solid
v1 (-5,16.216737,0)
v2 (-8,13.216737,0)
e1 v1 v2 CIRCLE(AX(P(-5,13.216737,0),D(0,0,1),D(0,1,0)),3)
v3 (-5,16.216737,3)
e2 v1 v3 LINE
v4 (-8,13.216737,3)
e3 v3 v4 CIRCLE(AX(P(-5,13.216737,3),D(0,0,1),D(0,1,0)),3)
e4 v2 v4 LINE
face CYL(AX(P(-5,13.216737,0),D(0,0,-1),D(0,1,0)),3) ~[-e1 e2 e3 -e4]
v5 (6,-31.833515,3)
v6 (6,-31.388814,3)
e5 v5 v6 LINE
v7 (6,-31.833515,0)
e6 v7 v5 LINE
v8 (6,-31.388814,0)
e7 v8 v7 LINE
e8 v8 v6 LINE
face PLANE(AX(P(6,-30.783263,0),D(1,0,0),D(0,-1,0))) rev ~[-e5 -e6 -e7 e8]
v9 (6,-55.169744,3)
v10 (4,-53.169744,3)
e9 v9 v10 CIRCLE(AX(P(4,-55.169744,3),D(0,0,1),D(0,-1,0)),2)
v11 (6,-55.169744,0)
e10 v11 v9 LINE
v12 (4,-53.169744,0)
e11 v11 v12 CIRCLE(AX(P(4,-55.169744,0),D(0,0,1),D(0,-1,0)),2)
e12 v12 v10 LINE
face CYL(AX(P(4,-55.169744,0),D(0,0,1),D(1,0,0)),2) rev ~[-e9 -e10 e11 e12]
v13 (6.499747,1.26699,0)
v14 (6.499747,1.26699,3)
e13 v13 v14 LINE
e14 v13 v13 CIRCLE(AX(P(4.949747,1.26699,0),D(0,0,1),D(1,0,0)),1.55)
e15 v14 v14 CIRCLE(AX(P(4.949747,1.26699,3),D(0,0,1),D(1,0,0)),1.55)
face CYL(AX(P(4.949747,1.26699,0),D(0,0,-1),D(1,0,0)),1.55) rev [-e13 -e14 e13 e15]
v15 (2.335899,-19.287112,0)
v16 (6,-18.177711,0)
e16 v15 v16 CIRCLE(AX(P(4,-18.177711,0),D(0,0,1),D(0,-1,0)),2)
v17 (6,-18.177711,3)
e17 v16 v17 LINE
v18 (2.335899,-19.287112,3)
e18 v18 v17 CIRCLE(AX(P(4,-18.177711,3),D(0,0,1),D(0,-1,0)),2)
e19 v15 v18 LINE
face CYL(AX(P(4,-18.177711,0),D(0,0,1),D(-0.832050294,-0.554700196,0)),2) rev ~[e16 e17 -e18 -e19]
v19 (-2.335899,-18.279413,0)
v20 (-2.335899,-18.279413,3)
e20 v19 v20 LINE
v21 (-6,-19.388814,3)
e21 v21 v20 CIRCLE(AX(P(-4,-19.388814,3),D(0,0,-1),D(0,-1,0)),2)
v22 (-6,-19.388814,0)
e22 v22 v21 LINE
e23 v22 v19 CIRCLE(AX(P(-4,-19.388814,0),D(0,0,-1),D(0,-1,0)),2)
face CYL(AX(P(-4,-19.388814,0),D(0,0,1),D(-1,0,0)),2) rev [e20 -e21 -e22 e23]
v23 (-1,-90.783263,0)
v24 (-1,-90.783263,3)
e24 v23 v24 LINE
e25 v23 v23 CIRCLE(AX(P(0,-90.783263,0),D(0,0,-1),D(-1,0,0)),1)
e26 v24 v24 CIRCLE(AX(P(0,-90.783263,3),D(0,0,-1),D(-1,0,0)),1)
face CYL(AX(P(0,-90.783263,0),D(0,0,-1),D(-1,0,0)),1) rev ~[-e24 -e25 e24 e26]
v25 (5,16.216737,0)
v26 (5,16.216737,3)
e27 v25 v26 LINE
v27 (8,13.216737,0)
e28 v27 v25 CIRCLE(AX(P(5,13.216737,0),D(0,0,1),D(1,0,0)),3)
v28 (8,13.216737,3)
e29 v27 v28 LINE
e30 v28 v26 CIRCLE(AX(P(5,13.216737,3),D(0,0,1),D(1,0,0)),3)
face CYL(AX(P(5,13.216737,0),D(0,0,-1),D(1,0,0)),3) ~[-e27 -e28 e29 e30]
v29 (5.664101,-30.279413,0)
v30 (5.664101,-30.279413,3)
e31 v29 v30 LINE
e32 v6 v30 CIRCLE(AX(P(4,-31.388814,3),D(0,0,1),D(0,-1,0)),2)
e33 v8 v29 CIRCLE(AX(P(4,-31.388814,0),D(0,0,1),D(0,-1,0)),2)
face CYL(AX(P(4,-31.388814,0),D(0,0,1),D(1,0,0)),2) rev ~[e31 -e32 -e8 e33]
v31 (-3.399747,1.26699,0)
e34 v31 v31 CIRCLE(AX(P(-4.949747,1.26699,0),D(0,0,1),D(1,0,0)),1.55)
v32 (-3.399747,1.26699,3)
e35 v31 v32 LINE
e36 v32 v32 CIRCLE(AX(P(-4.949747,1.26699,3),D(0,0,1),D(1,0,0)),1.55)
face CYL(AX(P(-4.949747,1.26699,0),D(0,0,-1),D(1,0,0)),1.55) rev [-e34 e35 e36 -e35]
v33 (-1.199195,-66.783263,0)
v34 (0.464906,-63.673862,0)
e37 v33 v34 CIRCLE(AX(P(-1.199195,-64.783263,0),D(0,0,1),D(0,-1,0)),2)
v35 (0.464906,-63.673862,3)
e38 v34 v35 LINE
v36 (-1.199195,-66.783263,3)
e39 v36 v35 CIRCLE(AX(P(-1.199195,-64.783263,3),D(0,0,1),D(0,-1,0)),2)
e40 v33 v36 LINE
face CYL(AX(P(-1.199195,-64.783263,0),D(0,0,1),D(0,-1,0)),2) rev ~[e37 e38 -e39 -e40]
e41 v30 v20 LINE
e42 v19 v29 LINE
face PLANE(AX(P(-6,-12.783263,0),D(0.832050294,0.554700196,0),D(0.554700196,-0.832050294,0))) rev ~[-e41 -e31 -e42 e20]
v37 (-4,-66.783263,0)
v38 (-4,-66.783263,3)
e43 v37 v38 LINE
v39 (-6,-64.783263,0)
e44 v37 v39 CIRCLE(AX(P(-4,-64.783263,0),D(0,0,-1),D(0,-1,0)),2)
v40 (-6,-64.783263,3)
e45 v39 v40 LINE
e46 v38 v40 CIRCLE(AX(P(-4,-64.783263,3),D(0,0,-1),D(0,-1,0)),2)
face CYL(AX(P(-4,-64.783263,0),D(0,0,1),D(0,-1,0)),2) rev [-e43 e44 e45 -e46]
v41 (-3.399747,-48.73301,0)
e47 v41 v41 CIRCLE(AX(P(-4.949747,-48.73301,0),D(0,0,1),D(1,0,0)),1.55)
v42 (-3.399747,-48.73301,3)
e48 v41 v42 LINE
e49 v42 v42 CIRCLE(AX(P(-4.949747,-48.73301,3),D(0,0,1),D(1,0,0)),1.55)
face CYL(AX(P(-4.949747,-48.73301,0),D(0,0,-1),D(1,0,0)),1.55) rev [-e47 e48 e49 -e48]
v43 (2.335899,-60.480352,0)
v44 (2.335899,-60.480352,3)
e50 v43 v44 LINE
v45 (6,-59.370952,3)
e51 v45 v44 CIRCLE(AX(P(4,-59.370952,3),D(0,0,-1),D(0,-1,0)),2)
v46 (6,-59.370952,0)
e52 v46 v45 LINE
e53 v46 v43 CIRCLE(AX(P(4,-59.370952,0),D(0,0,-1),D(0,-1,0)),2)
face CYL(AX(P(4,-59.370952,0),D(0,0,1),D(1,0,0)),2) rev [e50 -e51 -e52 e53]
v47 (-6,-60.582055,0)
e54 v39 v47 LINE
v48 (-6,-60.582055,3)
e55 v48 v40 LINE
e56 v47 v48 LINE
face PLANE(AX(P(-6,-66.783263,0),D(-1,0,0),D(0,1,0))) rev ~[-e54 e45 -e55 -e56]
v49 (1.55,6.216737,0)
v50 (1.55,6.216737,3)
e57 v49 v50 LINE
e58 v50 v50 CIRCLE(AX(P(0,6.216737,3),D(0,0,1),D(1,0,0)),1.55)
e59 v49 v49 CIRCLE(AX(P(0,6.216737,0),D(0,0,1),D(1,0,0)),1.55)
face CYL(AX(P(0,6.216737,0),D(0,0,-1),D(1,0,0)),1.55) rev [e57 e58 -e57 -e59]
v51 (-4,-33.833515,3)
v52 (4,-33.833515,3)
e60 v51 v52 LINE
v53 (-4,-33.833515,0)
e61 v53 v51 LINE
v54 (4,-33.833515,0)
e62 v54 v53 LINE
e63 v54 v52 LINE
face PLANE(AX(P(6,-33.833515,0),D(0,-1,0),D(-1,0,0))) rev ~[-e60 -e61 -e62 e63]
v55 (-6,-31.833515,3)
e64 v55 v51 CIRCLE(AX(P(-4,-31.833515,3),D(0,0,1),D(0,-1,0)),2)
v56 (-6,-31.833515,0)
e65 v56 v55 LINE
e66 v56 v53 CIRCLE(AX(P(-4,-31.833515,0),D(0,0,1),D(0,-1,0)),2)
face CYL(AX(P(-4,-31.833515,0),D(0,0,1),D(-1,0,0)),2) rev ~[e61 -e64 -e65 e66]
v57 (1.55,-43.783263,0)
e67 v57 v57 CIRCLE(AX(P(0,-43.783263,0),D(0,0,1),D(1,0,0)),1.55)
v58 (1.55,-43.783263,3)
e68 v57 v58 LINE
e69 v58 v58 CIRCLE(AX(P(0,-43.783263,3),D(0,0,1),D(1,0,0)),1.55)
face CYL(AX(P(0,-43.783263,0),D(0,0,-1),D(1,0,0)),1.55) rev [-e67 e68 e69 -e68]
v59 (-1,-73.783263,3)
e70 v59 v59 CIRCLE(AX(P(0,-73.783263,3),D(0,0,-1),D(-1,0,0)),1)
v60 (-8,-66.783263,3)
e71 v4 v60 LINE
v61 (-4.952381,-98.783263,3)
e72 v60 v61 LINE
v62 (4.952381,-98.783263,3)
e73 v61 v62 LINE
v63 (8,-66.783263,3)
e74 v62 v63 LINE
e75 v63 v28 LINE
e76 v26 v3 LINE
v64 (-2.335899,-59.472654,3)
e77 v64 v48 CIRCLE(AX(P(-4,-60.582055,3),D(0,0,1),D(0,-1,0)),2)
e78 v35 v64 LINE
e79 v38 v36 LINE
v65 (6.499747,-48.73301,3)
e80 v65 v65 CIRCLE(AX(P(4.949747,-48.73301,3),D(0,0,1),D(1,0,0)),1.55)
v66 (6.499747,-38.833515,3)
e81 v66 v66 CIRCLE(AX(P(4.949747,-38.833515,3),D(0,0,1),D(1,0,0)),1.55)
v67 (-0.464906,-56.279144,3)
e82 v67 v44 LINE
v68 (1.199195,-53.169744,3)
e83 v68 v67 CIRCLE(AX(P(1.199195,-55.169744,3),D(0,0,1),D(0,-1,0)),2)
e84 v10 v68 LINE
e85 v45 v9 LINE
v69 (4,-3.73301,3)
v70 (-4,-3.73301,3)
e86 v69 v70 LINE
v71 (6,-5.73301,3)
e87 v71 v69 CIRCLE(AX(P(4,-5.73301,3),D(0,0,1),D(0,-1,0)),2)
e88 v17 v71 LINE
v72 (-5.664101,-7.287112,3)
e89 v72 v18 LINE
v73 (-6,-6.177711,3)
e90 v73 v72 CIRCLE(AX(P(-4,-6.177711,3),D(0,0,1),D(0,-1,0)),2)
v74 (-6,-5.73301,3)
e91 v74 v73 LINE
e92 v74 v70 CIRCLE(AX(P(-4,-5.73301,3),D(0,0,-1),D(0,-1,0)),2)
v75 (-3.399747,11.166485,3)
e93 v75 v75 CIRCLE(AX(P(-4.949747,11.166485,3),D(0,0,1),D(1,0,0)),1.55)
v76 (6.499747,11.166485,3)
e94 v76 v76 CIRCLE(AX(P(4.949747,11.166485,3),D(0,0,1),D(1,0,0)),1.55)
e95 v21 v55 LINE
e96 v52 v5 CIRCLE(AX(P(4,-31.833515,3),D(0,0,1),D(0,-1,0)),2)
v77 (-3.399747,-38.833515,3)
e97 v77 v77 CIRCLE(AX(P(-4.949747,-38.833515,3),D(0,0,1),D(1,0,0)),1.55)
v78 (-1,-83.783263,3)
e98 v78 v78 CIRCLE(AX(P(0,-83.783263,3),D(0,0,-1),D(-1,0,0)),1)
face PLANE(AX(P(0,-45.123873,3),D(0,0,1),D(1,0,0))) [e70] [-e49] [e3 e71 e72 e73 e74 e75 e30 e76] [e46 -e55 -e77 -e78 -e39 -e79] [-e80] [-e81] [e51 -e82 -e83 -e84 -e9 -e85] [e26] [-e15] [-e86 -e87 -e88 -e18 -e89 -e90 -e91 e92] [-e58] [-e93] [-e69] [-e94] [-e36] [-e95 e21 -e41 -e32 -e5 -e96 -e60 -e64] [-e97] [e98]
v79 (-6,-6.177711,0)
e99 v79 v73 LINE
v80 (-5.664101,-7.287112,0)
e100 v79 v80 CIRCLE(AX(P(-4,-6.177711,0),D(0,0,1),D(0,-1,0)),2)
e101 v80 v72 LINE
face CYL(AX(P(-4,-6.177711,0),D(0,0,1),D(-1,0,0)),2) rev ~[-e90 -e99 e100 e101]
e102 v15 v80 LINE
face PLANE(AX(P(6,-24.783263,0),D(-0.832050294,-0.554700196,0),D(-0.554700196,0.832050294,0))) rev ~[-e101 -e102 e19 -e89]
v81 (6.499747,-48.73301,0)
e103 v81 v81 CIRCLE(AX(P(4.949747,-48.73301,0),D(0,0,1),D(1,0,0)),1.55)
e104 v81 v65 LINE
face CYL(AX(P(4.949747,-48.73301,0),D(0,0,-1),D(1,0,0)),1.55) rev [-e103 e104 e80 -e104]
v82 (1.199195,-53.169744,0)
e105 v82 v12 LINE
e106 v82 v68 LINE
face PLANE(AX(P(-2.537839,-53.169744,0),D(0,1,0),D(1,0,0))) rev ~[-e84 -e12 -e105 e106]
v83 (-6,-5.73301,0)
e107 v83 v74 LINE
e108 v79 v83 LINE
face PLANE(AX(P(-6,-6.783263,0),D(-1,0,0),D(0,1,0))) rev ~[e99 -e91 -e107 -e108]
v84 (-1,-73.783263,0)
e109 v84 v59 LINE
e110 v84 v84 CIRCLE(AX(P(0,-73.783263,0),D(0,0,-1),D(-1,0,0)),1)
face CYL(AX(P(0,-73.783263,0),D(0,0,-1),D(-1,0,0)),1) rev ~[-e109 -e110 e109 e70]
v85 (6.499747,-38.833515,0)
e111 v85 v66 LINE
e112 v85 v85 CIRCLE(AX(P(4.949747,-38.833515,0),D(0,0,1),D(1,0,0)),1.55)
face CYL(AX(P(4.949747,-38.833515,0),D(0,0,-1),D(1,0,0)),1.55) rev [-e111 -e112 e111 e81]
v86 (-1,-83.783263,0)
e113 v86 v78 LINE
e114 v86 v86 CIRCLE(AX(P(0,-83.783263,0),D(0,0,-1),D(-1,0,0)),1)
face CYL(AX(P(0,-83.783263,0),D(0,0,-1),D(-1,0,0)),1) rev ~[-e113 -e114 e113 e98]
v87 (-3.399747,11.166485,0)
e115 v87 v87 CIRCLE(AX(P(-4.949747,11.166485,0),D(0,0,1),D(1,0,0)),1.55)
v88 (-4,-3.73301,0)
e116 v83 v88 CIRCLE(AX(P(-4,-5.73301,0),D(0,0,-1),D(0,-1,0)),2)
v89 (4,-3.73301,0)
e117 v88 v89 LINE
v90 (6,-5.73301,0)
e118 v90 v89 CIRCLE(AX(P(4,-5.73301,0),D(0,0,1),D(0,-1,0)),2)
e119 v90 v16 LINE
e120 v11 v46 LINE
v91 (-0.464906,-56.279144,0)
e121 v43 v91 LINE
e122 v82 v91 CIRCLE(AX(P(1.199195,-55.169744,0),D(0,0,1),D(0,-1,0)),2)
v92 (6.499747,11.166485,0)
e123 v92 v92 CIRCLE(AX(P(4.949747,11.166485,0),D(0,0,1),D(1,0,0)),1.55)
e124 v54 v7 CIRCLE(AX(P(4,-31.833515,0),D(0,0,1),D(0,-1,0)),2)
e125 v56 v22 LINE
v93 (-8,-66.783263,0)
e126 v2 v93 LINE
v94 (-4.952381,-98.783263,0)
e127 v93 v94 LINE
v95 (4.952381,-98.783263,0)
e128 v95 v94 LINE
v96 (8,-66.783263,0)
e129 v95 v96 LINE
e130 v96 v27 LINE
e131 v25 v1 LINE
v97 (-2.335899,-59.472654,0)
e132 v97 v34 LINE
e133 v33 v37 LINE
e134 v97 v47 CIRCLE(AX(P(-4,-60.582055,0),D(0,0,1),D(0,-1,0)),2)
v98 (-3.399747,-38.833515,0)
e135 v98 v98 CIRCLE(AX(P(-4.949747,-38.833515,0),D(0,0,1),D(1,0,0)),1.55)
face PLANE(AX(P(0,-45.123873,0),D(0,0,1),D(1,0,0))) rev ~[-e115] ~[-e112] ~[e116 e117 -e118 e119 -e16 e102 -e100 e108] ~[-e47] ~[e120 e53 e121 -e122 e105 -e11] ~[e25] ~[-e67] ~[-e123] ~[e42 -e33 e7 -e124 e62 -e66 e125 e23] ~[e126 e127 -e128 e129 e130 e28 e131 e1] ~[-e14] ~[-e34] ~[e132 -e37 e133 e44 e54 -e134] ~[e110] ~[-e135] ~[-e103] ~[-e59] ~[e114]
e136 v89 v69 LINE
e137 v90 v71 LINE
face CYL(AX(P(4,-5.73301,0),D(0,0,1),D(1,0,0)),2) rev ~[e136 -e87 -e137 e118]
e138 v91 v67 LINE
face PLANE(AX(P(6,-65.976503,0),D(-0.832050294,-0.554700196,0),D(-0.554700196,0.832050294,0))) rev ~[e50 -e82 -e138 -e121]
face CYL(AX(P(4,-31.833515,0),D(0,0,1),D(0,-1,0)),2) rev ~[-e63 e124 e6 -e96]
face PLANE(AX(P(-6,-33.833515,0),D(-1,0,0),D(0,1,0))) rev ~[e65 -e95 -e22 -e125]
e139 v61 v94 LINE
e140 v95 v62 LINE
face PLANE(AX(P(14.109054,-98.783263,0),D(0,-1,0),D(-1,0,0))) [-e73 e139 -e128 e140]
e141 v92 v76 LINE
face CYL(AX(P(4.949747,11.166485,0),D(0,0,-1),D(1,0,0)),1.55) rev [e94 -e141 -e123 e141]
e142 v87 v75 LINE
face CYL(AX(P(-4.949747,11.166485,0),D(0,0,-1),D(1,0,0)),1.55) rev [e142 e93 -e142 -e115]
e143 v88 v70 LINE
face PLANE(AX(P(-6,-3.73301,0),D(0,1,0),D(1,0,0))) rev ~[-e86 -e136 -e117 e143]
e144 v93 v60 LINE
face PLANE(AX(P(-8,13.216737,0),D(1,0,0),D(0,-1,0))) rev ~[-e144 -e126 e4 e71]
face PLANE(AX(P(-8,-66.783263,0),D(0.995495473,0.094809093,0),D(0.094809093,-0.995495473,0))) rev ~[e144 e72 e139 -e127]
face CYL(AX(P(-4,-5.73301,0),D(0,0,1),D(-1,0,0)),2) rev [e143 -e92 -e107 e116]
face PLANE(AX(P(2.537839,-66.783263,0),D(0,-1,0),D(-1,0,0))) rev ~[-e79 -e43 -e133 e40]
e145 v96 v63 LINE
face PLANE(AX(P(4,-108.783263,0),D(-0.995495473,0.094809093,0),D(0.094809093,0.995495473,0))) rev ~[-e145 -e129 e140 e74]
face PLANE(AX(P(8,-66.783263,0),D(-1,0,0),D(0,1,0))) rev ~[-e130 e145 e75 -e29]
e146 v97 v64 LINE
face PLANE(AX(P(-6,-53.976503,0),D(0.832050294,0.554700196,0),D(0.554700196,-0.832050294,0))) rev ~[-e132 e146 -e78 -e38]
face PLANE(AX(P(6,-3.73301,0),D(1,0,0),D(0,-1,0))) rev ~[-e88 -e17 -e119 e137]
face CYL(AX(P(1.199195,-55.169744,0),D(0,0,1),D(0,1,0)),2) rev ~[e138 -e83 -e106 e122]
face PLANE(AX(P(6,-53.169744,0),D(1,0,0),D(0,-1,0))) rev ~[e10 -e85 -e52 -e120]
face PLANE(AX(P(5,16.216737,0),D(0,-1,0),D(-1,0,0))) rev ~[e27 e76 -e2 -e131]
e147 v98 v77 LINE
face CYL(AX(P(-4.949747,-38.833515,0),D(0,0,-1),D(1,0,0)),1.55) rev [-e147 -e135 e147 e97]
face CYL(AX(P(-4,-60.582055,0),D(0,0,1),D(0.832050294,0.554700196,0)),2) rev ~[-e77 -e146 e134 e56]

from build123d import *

# Parameters (mm, degrees)
SKETCH_1_R          = 1.55
EXTRUDE_1_DEPTH     = 3
SKETCH_2_W          = 30.67898901
SKETCH_2_H          = 20.291672983
CUT_EXTRUDE_1_DEPTH = 10
SKETCH_3_R          = 1
CUT_EXTRUDE_2_DEPTH = 20
CUT_EXTRUDE_3_DEPTH = 100.15206986
FILLET_1_R          = 2


with BuildPart() as part:
    # 草图1 → 凸台-拉伸1 (new body)
    with BuildSketch(Plane.XY):
        with BuildLine():
            Line((5, 16.216737463), (-5, 16.216737463))
            ThreePointArc((-5, 16.216737463), (-7.121320344, 15.338057806), (-8, 13.216737463))
            Line((-8, 13.216737463), (-8, -66.783262537))
            Line((-8, -66.783262537), (-4, -108.783262537))
            Line((-4, -108.783262537), (4, -108.783262537))
            Line((4, -108.783262537), (8, -66.783262537))
            Line((8, -66.783262537), (8, 13.216737463))
            ThreePointArc((8, 13.216737463), (7.121320344, 15.338057806), (5, 16.216737463))
        make_face()
        with Locations((-4.949747468, 11.166484931)):
            Circle(SKETCH_1_R, mode=Mode.SUBTRACT)
        with Locations((4.949747468, 11.166484931)):
            Circle(SKETCH_1_R, mode=Mode.SUBTRACT)
        with Locations((4.949747468, 1.266989995)):
            Circle(SKETCH_1_R, mode=Mode.SUBTRACT)
        with Locations((-4.949747468, 1.266989995)):
            Circle(SKETCH_1_R, mode=Mode.SUBTRACT)
        with Locations((0, -43.783262537)):
            Circle(SKETCH_1_R, mode=Mode.SUBTRACT)
        with Locations((4.949747468, -38.833515069)):
            Circle(SKETCH_1_R, mode=Mode.SUBTRACT)
        with Locations((-4.949747468, -38.833515069)):
            Circle(SKETCH_1_R, mode=Mode.SUBTRACT)
        with Locations((4.949747468, -48.733010005)):
            Circle(SKETCH_1_R, mode=Mode.SUBTRACT)
        with Locations((-4.949747468, -48.733010005)):
            Circle(SKETCH_1_R, mode=Mode.SUBTRACT)
        with Locations((0, 6.216737463)):
            Circle(SKETCH_1_R, mode=Mode.SUBTRACT)
    extrude(amount=EXTRUDE_1_DEPTH)

    # 草图2 → 切除-拉伸1 (cut)
    with BuildSketch(Plane(origin=(0, 0, 0), x_dir=(-1, 0, 0), z_dir=(0, 0, -1))):
        with Locations((1.230440634, -108.929099029)):
            Rectangle(SKETCH_2_W, SKETCH_2_H)
    extrude(amount=-CUT_EXTRUDE_1_DEPTH, mode=Mode.SUBTRACT)

    # 草图3 → 切除-拉伸2 (cut)
    with BuildSketch(Plane(origin=(0, 0, 0), x_dir=(-1, 0, 0), z_dir=(0, 0, -1))):
        with Locations((0, -83.783262537)):
            Circle(SKETCH_3_R)
        with Locations((0, -90.783262537)):
            Circle(SKETCH_3_R)
        with Locations((0, -73.783262537)):
            Circle(SKETCH_3_R)
    extrude(amount=-CUT_EXTRUDE_2_DEPTH, mode=Mode.SUBTRACT)

    # 草图4 → 切除-拉伸3 (cut, through all)
    with BuildSketch(Plane(origin=(0, 0, 0), x_dir=(-1, 0, 0), z_dir=(0, 0, -1))):
        Polygon((6, -12.783262537), (-6, -30.783262537), (-6, -33.833515069), (6, -33.833515069), align=None)
        Polygon((6, -3.733010005), (-6, -3.733010005), (-6, -24.783262537), (6, -6.783262537), align=None)
        Polygon((6, -66.783262537), (6, -53.976503319), (-2.537839478, -66.783262537), align=None)
        Polygon((-6, -65.976503319), (2.537839478, -53.169744102), (-6, -53.169744102), align=None)
    extrude(amount=-CUT_EXTRUDE_3_DEPTH, mode=Mode.SUBTRACT)

    # 圆角1
    fillet_1_edges = [part.edges().sort_by_distance(p)[0] for p in [
        (6, -30.783262537, 1.5),
        (-6, -12.783262537, 1.5),
        (-6, -33.833515069, 1.5),
        (6, -33.833515069, 1.5),
        (-2.537839478, -53.169744102, 1.5),
        (6, -65.976503319, 1.5),
        (6, -53.169744102, 1.5),
        (-6, -53.976503319, 1.5),
        (-6, -66.783262537, 1.5),
        (2.537839478, -66.783262537, 1.5),
        (6, -24.783262537, 1.5),
        (6, -3.733010005, 1.5),
        (-6, -3.733010005, 1.5),
        (-6, -6.783262537, 1.5),
    ]]
    fillet(fillet_1_edges, radius=FILLET_1_R)


solid = part.part
